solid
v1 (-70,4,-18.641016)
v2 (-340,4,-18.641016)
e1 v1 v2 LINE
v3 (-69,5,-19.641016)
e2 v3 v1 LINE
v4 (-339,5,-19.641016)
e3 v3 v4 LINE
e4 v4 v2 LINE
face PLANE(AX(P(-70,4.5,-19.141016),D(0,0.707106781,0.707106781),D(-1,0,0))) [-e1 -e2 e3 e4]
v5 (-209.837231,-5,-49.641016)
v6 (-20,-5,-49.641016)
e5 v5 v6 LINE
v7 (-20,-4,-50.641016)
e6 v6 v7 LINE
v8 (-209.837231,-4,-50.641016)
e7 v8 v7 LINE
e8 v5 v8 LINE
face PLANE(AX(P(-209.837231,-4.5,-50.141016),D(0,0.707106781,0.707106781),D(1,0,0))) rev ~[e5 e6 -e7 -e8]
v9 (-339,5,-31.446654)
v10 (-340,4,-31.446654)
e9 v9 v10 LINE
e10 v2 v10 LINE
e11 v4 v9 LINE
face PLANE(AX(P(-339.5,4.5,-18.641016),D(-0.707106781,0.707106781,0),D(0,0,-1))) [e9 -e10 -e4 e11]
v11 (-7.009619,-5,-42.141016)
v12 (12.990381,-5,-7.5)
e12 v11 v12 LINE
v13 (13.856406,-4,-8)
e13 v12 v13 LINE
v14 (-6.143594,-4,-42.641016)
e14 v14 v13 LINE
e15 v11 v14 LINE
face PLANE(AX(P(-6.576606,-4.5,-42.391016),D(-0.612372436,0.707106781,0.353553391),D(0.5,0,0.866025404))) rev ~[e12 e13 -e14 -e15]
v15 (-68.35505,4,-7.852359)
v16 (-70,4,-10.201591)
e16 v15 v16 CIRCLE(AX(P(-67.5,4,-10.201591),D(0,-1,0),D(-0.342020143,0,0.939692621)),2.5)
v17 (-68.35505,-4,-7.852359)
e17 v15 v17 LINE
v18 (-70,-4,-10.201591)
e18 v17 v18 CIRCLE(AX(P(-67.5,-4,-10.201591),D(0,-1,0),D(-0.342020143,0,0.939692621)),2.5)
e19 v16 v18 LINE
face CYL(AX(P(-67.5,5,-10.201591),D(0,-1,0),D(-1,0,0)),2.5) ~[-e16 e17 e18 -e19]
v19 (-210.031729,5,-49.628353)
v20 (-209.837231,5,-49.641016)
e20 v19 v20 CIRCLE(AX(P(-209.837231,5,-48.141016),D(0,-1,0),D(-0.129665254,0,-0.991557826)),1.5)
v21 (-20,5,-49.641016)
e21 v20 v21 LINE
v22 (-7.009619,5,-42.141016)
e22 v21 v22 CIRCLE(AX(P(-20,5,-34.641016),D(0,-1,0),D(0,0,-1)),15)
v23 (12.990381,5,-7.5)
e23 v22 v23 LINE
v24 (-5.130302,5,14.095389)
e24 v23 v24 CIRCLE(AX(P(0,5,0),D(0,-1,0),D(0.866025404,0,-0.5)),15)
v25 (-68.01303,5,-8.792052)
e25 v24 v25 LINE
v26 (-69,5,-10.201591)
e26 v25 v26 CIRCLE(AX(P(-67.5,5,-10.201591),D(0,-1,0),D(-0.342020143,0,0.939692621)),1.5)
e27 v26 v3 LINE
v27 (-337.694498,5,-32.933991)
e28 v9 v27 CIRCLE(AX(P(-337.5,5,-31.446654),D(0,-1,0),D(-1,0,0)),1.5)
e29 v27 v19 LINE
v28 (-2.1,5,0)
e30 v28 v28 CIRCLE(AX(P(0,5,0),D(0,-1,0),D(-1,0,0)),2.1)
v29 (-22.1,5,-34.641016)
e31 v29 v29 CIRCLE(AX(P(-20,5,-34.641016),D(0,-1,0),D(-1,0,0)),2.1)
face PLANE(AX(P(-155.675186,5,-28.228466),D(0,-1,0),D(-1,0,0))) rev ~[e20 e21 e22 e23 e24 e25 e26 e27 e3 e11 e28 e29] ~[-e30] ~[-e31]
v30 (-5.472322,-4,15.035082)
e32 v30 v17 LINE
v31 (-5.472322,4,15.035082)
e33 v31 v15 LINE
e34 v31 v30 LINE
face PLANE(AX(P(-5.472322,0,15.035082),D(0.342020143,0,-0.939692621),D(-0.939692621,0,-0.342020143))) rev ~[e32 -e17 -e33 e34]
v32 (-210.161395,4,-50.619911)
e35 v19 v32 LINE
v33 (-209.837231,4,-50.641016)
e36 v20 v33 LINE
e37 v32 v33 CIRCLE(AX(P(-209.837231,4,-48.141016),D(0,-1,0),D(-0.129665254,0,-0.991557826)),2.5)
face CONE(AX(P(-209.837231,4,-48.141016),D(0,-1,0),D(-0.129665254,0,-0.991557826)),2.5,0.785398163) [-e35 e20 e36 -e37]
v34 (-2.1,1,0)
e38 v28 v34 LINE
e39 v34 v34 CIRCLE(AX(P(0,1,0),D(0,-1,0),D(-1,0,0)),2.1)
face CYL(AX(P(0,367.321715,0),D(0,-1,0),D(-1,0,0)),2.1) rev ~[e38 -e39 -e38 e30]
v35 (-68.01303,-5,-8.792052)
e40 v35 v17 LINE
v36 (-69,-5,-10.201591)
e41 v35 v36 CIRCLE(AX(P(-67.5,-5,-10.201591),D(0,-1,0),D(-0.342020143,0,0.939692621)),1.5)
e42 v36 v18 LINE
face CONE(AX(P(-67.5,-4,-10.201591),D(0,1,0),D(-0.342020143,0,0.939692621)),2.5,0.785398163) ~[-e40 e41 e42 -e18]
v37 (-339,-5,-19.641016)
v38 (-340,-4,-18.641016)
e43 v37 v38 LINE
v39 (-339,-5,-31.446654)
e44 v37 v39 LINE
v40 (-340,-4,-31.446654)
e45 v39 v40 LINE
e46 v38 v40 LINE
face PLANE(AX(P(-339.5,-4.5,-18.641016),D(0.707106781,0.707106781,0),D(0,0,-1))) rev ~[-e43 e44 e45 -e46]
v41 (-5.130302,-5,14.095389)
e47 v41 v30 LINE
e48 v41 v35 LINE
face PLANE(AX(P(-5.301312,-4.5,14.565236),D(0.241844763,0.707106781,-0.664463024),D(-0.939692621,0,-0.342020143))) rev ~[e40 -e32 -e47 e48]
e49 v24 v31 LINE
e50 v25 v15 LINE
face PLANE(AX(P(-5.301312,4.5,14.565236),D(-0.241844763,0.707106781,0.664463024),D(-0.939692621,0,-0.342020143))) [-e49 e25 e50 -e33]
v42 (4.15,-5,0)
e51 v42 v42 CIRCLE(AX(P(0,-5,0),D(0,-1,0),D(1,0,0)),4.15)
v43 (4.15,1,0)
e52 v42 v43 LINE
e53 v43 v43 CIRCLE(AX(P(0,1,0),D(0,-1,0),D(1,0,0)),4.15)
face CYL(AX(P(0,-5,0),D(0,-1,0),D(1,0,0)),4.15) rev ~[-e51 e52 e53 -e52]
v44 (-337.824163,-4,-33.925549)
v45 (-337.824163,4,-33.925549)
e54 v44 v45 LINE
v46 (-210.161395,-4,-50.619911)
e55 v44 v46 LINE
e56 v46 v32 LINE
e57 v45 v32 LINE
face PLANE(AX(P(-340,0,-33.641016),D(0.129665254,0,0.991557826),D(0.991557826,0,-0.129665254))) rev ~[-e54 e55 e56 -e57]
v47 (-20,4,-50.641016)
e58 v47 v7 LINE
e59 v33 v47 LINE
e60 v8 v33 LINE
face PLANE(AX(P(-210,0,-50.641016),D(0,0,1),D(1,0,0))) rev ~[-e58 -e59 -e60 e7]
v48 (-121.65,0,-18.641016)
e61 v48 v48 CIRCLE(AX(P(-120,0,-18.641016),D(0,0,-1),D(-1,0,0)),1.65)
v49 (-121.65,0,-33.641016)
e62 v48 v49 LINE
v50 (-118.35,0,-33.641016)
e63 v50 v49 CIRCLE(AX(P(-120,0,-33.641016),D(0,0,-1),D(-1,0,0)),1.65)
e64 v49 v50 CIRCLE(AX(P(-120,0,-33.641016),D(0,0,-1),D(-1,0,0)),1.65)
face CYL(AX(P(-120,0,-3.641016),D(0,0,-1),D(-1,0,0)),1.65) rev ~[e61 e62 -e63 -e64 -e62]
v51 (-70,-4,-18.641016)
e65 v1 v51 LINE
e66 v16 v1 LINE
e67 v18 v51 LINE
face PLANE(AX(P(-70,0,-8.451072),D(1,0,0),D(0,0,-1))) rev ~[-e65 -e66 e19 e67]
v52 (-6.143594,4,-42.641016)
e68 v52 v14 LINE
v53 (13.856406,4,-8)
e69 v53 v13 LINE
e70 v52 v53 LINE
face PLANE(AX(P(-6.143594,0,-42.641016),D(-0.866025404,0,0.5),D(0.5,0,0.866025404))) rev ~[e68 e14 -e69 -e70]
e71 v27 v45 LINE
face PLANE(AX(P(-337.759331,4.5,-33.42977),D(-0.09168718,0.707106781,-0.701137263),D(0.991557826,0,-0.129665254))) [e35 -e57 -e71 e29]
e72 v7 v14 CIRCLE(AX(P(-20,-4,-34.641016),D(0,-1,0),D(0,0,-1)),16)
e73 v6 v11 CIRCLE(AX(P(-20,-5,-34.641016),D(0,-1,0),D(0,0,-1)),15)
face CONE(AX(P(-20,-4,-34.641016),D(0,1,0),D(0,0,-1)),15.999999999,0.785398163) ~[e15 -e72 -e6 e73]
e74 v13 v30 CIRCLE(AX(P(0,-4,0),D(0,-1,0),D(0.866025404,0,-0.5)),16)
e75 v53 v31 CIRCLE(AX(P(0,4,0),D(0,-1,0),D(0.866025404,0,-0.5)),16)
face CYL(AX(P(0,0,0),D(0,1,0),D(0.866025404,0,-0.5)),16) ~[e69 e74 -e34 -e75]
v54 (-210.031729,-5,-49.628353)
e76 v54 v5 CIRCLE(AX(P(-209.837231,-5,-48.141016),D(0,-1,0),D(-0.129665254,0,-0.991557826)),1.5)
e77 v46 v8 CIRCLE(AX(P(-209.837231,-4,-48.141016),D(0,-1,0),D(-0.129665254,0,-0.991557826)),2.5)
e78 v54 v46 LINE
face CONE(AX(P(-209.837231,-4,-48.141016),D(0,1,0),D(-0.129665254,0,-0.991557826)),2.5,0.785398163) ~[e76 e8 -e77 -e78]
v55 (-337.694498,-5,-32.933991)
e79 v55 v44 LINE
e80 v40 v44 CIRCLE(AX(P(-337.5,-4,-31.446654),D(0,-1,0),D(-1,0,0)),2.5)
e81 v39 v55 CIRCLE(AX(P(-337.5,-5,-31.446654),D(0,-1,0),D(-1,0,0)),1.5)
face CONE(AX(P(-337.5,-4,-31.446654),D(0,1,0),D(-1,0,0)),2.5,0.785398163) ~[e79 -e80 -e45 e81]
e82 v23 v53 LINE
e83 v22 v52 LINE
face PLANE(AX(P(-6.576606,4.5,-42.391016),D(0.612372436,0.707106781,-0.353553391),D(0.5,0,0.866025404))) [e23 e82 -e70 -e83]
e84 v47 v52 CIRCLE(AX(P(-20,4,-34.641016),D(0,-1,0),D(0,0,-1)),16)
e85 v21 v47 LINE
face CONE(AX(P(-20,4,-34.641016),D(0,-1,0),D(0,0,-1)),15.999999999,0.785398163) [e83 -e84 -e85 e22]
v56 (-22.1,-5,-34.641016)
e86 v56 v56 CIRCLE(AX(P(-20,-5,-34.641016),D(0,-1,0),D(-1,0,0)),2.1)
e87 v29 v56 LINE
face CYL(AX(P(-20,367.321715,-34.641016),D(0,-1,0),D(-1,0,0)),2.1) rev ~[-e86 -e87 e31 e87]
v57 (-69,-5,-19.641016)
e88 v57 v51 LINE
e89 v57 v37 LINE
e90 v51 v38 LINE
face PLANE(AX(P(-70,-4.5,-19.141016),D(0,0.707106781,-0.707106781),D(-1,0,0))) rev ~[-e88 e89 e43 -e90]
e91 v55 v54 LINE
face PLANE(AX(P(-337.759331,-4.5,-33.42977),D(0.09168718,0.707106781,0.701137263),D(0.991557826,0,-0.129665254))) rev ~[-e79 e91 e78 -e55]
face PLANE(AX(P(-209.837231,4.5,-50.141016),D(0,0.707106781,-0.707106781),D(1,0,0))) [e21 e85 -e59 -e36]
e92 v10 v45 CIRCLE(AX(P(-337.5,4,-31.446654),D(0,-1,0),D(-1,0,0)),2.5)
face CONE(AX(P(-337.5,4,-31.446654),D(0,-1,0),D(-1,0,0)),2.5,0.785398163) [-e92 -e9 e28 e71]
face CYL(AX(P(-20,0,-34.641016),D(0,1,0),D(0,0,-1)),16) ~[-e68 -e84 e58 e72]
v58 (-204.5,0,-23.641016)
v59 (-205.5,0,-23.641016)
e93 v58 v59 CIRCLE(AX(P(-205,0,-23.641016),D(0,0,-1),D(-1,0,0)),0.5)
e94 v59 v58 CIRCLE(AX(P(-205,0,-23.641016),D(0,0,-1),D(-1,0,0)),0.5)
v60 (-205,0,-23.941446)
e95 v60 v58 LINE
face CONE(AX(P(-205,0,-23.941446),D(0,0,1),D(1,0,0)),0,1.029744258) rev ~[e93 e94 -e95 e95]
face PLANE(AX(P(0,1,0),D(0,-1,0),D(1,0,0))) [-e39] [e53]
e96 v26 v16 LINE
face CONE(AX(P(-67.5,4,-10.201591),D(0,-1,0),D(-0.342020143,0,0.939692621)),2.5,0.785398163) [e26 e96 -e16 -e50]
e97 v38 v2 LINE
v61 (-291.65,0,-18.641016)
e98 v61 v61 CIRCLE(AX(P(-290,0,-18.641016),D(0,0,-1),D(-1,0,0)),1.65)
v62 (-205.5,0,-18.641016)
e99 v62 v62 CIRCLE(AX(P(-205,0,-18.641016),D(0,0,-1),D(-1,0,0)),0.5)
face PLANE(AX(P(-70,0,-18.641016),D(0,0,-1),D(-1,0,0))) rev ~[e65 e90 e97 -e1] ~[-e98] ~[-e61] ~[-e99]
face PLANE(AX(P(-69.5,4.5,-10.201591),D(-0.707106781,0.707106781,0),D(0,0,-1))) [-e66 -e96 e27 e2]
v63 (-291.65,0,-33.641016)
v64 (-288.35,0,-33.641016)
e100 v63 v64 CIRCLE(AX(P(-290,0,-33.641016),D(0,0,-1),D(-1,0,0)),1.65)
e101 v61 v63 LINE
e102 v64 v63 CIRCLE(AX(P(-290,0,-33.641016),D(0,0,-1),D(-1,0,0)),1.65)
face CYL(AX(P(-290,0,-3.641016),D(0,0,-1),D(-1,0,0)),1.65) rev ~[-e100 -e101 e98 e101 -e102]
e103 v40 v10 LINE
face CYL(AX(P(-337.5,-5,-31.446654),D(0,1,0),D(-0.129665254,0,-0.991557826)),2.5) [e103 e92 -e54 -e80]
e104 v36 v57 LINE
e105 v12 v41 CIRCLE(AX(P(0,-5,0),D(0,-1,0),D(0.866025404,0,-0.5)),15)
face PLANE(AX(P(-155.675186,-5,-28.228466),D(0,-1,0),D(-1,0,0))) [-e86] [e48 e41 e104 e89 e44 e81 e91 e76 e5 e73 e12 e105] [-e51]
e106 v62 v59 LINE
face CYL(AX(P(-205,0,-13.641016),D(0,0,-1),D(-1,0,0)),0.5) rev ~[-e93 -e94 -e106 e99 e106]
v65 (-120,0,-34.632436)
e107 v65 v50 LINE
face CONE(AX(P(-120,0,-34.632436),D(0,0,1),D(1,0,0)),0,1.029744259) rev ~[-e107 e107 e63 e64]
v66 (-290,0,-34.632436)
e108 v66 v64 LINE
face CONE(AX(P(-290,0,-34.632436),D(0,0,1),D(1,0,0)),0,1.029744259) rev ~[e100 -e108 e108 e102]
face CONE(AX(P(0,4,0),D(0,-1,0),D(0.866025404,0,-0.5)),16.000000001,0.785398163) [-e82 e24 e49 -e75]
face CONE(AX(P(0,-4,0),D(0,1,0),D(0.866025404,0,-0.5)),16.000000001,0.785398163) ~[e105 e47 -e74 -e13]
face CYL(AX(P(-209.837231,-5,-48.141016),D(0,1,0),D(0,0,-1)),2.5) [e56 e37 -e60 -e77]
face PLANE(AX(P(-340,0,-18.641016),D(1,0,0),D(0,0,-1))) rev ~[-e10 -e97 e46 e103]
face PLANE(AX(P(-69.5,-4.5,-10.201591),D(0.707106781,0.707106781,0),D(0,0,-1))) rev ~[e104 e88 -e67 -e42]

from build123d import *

# Parameters (mm, degrees)
BOSS_EXTRUDE1_DEPTH       = 5
M5X0_8_TAPPED_HOLE1_D     = 4.2
SKETCH14_R                = 4.15
CUT_EXTRUDE2_DEPTH        = 6
M4X0_7_TAPPED_HOLE1_D     = 3.3
M4X0_7_TAPPED_HOLE1_DEPTH = 15
M4X0_7_TAPPED_HOLE1_TIP   = 0.991420021
FILLET1_R                 = 2.5
CHAMFER1_SIZE             = 1
F_1_0MM_DOWEL_HOLE1_D     = 1
F_1_0MM_DOWEL_HOLE1_DEPTH = 5
F_1_0MM_DOWEL_HOLE1_TIP   = 0.30043031


with BuildPart() as part:
    # Sketch2 → Boss-Extrude1 (new body, symmetric)
    with BuildSketch(Plane(origin=(0, 0, 0), x_dir=(1, 0, 0), z_dir=(0, 1, 0))):
        with BuildLine():
            Line((-210, 50.641016151), (-20, 50.641016151))
            ThreePointArc((-20, 50.641016151), (-12, 48.497422612), (-6.143593539, 42.641016151))
            Line((-6.143593539, 42.641016151), (13.856406461, 8))
            ThreePointArc((13.856406461, 8), (12.25671109, -10.284601755), (-5.472322293, -15.035081933))
            Line((-5.472322293, -15.035081933), (-70, 8.451072039))
            Line((-70, 8.451072039), (-70, 18.641016151))
            Line((-70, 18.641016151), (-340, 18.641016151))
            Line((-340, 18.641016151), (-340, 33.641016151))
            Line((-340, 33.641016151), (-210, 50.641016151))
        make_face()
    extrude(amount=BOSS_EXTRUDE1_DEPTH, both=True)

    # M5x0.8 Tapped Hole1 (through all)
    with Locations(Plane(origin=(0, 5, 0), x_dir=(1, 0, 0), z_dir=(0, 1, 0))):
        with Locations((-20, 34.641016151), (0, 0)):
            Hole(M5X0_8_TAPPED_HOLE1_D / 2)

    # Sketch14 → Cut-Extrude2 (cut)
    with BuildSketch(Plane.XZ.offset(5)):
        Circle(SKETCH14_R)
    extrude(amount=-CUT_EXTRUDE2_DEPTH, mode=Mode.SUBTRACT)

    # M4x0.7 Tapped Hole1
    with Locations(Plane.XY.offset(-18.641016151)):
        with Locations((-290, 0), (-120, 0)):
            Hole(M4X0_7_TAPPED_HOLE1_D / 2, depth=M4X0_7_TAPPED_HOLE1_DEPTH)
            with Locations((0, 0, -(M4X0_7_TAPPED_HOLE1_DEPTH + M4X0_7_TAPPED_HOLE1_TIP / 2))):  # 118° drill point
                Cone(0, M4X0_7_TAPPED_HOLE1_D / 2, M4X0_7_TAPPED_HOLE1_TIP, mode=Mode.SUBTRACT)

    # Fillet1
    fillet1_edges = [part.edges().sort_by_distance(p)[0] for p in [
        (-70, 0, -8.451072039),
        (-340, 0, -33.641016151),
        (-210, 0, -50.641016151),
    ]]
    fillet(fillet1_edges, radius=FILLET1_R)

    # Chamfer1
    chamfer1_edges = [part.edges().sort_by_distance(p)[0] for p in [
        (-70, -5, -14.421303518),
        (-205, -5, -18.641016151),
        (-114.918615686, -5, -50.641016151),
        (-12, -5, -48.497422612),
        (-205, 5, -18.641016151),
        (-70, 5, -14.421303518),
        (12.25671109, 5, 10.284601755),
        (3.856406461, 5, -25.320508076),
        (-12, 5, -48.497422612),
        (-273.992778821, -5, -42.27272969),
        (-273.992778821, 5, -42.27272969),
        (-36.913686326, -5, 3.5913613),
        (-340, -5, -25.043835126),
        (-69.547880111, -5, -8.767649794),
        (-339.37888369, -5, -33.095834527),
        (-209.999656106, -5, -50.635734213),
        (-340, 5, -25.043835126),
        (-36.913686326, 5, 3.5913613),
        (-69.547880111, 5, -8.767649794),
        (-339.37888369, 5, -33.095834527),
        (-209.999656106, 5, -50.635734213),
        (-114.918615686, 5, -50.641016151),
        (3.856406461, -5, -25.320508076),
        (12.25671109, -5, 10.284601755),
    ]]
    chamfer(chamfer1_edges, length=CHAMFER1_SIZE)

    # Ø1.0mm Dowel Hole1
    with Locations(Plane.XY.offset(-18.641016151)):
        with Locations((-205, 0)):
            Hole(F_1_0MM_DOWEL_HOLE1_D / 2, depth=F_1_0MM_DOWEL_HOLE1_DEPTH)
            with Locations((0, 0, -(F_1_0MM_DOWEL_HOLE1_DEPTH + F_1_0MM_DOWEL_HOLE1_TIP / 2))):  # 118° drill point
                Cone(0, F_1_0MM_DOWEL_HOLE1_D / 2, F_1_0MM_DOWEL_HOLE1_TIP, mode=Mode.SUBTRACT)


solid = part.part
